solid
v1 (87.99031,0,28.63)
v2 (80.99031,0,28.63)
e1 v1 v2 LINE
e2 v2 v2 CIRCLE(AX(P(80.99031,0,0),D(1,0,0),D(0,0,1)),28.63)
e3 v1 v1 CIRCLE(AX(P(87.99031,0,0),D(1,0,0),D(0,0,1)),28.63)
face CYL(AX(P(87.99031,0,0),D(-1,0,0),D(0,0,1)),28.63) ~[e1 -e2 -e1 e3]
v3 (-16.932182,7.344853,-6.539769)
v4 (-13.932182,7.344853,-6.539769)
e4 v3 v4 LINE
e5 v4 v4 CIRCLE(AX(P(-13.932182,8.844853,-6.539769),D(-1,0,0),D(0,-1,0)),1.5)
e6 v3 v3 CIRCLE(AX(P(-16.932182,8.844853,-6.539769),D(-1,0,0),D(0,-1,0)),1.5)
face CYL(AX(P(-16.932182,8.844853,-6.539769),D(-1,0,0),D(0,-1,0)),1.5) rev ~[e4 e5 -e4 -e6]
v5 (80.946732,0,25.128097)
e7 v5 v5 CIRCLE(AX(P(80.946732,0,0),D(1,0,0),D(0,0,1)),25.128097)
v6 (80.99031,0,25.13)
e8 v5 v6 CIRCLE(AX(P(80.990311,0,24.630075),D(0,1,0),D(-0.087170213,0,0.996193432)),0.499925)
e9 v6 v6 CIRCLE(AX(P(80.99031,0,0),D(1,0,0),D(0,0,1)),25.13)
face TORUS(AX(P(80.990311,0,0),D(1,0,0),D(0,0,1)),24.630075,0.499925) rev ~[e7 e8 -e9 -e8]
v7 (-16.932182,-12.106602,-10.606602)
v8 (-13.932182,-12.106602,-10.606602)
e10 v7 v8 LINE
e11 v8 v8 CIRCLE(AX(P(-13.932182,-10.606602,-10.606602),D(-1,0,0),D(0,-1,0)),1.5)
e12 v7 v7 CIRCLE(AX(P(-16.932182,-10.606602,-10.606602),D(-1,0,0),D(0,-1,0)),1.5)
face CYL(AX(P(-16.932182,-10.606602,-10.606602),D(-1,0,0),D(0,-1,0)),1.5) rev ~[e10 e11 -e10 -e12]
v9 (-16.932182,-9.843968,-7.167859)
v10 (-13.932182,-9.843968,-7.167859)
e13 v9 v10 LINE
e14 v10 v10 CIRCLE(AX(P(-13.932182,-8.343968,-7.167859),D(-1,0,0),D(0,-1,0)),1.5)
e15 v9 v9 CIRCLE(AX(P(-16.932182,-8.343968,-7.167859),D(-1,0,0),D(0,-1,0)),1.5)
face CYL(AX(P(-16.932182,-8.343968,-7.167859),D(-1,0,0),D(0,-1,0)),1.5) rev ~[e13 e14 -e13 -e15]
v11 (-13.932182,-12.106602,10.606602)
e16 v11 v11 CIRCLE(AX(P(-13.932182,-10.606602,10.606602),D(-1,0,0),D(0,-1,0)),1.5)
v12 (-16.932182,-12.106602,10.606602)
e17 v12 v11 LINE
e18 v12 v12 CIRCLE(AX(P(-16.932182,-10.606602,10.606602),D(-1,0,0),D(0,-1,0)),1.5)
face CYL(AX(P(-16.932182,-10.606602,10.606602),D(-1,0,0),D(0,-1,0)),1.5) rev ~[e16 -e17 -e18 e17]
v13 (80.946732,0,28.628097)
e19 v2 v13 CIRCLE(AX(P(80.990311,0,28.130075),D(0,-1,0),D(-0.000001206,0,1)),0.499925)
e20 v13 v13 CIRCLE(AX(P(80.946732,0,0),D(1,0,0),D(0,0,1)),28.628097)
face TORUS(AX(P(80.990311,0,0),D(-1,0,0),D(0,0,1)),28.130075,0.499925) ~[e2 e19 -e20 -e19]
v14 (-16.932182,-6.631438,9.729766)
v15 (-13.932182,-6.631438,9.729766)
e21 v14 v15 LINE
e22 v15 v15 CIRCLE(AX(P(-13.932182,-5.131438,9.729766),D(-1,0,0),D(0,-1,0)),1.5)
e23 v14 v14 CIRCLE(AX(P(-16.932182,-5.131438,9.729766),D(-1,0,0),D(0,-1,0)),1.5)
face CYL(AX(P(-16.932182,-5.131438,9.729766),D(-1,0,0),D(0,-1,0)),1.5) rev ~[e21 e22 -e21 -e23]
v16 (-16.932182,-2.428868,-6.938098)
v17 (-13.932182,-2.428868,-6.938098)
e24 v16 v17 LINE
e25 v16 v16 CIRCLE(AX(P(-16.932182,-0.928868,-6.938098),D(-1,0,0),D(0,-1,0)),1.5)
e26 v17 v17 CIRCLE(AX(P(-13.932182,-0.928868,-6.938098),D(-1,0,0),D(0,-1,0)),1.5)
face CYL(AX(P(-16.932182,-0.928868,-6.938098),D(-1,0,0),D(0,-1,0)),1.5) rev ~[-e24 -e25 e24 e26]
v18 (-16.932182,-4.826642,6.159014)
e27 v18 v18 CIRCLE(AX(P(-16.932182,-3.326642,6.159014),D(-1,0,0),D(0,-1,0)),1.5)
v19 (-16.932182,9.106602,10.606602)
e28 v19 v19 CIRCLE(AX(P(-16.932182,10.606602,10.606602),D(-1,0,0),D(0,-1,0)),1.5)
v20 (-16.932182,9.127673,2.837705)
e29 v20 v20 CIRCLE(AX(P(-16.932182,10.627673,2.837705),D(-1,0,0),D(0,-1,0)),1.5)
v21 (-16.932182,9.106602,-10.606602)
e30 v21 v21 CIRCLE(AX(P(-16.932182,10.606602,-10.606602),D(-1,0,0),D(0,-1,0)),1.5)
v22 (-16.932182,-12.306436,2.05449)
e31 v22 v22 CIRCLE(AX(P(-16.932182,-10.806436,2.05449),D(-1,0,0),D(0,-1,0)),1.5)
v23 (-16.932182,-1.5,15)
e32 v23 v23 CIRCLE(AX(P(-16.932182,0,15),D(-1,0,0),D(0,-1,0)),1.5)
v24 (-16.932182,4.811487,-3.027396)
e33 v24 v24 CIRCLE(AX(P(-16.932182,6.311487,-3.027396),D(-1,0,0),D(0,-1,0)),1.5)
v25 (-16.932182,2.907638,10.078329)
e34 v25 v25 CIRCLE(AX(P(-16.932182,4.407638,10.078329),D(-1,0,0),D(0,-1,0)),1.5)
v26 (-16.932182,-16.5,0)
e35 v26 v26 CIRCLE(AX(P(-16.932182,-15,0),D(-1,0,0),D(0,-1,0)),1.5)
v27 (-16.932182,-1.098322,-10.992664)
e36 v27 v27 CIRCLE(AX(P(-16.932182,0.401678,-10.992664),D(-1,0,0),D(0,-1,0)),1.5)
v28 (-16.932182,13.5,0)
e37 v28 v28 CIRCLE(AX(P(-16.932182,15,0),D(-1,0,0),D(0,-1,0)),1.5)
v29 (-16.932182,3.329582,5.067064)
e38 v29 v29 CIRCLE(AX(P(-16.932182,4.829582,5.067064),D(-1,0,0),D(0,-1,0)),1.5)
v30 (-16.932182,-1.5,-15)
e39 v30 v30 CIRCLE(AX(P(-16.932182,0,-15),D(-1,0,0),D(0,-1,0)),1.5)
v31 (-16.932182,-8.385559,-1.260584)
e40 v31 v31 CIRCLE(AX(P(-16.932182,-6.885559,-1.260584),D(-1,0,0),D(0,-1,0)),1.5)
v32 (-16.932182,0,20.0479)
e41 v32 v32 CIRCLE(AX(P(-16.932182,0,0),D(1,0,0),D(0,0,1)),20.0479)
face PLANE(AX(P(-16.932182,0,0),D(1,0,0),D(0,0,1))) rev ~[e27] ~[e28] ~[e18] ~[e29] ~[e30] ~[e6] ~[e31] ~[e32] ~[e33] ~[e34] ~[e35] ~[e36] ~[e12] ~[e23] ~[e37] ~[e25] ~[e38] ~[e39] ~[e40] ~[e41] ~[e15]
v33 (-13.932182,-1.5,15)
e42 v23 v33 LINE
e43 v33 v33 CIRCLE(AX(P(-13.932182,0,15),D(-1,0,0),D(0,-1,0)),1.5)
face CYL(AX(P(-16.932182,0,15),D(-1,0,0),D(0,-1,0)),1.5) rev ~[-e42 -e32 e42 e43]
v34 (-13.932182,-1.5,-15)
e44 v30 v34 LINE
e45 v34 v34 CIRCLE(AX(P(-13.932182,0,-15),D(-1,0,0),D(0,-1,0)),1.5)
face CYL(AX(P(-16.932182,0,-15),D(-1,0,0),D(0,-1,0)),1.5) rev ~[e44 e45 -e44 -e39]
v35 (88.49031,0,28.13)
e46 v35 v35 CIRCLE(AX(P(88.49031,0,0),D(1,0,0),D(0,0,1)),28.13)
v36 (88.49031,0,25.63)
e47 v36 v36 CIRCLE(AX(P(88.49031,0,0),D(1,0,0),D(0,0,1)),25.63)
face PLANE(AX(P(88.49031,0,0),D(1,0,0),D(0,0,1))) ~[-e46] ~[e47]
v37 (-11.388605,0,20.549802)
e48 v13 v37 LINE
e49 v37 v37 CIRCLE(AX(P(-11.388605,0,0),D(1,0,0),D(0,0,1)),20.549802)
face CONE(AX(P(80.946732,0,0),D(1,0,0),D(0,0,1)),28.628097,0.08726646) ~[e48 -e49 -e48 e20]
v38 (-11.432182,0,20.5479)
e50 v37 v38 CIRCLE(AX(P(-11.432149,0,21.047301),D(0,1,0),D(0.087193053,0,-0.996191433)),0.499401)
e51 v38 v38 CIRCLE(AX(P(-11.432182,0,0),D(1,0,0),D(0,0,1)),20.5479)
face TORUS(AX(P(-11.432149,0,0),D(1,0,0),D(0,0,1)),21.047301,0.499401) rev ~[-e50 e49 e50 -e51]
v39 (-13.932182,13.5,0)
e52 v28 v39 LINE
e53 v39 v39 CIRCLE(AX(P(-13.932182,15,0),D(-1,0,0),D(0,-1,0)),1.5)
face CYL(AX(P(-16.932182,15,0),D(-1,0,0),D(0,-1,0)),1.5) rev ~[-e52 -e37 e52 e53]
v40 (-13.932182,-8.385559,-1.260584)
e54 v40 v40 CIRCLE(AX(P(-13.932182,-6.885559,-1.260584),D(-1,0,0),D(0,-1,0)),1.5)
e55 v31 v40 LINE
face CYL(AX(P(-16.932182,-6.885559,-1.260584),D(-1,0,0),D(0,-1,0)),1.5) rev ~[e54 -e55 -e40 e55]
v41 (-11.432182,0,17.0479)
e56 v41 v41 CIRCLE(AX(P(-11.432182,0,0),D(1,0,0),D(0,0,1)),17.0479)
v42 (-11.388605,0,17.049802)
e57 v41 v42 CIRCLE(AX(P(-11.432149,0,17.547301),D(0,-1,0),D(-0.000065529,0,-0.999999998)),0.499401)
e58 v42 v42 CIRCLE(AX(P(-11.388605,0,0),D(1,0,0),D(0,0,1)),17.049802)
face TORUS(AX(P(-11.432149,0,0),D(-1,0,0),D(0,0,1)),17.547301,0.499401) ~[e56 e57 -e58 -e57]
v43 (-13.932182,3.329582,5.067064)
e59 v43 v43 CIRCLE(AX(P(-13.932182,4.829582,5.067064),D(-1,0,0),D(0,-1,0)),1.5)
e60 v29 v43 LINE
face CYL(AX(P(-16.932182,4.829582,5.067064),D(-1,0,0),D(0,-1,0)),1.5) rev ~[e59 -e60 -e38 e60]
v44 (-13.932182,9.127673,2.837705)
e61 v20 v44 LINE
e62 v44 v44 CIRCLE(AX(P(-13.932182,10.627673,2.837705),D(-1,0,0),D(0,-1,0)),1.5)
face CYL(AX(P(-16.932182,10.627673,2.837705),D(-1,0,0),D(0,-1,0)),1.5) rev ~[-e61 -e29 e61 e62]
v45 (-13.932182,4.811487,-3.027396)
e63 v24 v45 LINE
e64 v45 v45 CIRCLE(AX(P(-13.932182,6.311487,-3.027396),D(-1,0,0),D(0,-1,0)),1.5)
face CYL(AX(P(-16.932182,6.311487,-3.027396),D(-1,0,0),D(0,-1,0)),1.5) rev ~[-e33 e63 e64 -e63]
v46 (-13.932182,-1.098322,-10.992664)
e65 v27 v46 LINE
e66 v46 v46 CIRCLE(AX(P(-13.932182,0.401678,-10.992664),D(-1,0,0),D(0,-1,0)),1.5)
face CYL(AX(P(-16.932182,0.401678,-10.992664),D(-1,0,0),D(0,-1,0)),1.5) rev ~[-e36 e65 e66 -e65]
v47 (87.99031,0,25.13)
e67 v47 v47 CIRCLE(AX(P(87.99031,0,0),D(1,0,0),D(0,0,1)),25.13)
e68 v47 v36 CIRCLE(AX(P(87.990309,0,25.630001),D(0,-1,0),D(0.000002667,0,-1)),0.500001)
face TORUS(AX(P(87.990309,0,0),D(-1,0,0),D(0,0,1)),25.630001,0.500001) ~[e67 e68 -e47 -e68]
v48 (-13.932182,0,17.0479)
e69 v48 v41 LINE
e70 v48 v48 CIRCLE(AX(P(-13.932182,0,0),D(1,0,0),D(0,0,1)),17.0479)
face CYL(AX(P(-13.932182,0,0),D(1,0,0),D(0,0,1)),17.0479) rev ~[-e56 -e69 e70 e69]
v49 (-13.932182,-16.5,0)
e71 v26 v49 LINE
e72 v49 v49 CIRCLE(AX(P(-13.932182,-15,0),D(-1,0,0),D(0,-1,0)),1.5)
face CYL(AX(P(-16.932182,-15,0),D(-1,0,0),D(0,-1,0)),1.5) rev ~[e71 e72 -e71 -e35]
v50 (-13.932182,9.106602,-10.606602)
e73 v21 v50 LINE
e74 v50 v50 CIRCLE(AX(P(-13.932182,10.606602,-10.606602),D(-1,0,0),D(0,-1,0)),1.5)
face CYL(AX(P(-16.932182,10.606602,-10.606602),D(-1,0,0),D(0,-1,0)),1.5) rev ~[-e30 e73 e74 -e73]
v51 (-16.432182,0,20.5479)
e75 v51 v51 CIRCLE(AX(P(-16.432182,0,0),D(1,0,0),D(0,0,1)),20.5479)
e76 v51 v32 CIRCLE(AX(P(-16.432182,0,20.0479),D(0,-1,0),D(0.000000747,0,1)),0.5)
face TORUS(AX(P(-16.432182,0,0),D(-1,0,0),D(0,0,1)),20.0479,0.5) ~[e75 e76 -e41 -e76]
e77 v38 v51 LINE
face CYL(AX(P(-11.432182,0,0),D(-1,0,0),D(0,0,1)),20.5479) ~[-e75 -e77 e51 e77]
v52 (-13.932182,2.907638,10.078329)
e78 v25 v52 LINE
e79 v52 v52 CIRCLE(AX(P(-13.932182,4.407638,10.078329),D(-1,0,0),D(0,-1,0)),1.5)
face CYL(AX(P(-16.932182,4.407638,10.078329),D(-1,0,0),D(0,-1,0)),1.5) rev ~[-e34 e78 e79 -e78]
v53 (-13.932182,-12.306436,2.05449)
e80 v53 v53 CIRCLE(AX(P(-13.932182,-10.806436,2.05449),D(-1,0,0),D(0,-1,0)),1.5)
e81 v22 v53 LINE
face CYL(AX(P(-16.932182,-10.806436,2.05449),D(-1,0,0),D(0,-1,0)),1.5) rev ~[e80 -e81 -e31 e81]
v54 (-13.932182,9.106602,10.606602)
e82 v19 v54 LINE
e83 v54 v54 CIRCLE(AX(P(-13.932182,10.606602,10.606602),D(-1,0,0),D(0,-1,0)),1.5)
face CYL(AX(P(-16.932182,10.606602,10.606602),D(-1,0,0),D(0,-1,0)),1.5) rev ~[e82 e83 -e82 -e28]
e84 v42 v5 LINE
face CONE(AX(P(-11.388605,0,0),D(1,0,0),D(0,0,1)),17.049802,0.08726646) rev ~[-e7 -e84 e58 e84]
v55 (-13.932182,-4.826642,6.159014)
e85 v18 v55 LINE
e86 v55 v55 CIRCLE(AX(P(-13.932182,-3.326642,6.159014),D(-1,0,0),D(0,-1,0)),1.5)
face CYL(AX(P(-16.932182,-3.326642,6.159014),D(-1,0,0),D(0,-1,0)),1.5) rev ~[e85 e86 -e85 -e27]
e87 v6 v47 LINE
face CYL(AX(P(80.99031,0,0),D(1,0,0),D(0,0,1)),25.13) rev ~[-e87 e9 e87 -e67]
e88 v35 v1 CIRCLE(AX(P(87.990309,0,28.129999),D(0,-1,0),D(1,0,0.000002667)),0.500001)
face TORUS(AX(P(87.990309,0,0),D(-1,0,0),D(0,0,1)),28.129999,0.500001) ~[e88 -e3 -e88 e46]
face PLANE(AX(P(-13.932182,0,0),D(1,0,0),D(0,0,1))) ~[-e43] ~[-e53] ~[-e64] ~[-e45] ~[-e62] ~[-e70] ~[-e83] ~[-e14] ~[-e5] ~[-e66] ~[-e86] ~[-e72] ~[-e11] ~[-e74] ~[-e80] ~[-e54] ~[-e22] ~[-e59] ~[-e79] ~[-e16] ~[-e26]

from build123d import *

# Parameters (mm, degrees)
F2_R     = 1.5
F3_DEPTH = 25


with BuildPart() as f1:
    # F0 (on Front) → F1 (revolve)
    with BuildSketch(Plane.XZ):
        with BuildLine():
            Line((-16.932182, 20.0479), (-16.932182, 17.5479))
            Line((-16.932182, 17.5479), (-16.932182, 14.845405))
            Line((-16.932182, 14.845405), (-16.932182, 0))
            Line((-16.932182, 0), (-13.932182, 0))
            Line((-13.932182, 0), (-13.932182, 17.0479))
            Line((-13.932182, 17.0479), (-11.432182, 17.0479))
            ThreePointArc((-11.432182, 17.0479), (-11.410373, 17.048375), (-11.388605, 17.049802))
            Line((-11.388605, 17.049802), (80.946732, 25.128097))
            ThreePointArc((80.946732, 25.128097), (80.9685, 25.129524), (80.99031, 25.13))
            Line((80.99031, 25.13), (87.99031, 25.13))
            ThreePointArc((87.99031, 25.13), (88.343863, 25.276447), (88.49031, 25.63))
            Line((88.49031, 25.63), (88.49031, 28.13))
            ThreePointArc((88.49031, 28.13), (88.343863, 28.483553), (87.99031, 28.63))
            Line((87.99031, 28.63), (80.99031, 28.63))
            ThreePointArc((80.99031, 28.63), (80.9685, 28.629524), (80.946732, 28.628097))
            Line((80.946732, 28.628097), (-11.388605, 20.549802))
            ThreePointArc((-11.388605, 20.549802), (-11.410373, 20.548375), (-11.432182, 20.5479))
            Line((-11.432182, 20.5479), (-16.432182, 20.5479))
            ThreePointArc((-16.432182, 20.5479), (-16.785736, 20.401453), (-16.932182, 20.0479))
        make_face()
    revolve(axis=Axis((23.239035, 0, 0), (1, 0, 0)))

    # F2 (on face) → F3 (cut)
    with BuildSketch(Plane(origin=(-16.932182, 0, 0), x_dir=(0, -1, 0), z_dir=(-1, 0, 0))):
        with Locations((0, 15)):
            Circle(F2_R)
        with Locations((-10.606602, 10.606602)):
            Circle(F2_R)
        with Locations((-15, 0)):
            Circle(F2_R)
        with Locations((-10.606602, -10.606602)):
            Circle(F2_R)
        with Locations((0, -15)):
            Circle(F2_R)
        with Locations((10.606602, -10.606602)):
            Circle(F2_R)
        with Locations((15, 0)):
            Circle(F2_R)
        with Locations((10.606602, 10.606602)):
            Circle(F2_R)
        with Locations((-4.407638, 10.078329)):
            Circle(F2_R)
        with Locations((-10.627673, 2.837705)):
            Circle(F2_R)
        with Locations((-8.844853, -6.539769)):
            Circle(F2_R)
        with Locations((-0.401678, -10.992664)):
            Circle(F2_R)
        with Locations((8.343968, -7.167859)):
            Circle(F2_R)
        with Locations((10.806436, 2.05449)):
            Circle(F2_R)
        with Locations((5.131438, 9.729766)):
            Circle(F2_R)
        with Locations((-4.829582, 5.067064)):
            Circle(F2_R)
        with Locations((-6.311487, -3.027396)):
            Circle(F2_R)
        with Locations((0.928868, -6.938098)):
            Circle(F2_R)
        with Locations((6.885559, -1.260584)):
            Circle(F2_R)
        with Locations((3.326642, 6.159014)):
            Circle(F2_R)
    extrude(amount=-F3_DEPTH, mode=Mode.SUBTRACT)


solid = f1.part
